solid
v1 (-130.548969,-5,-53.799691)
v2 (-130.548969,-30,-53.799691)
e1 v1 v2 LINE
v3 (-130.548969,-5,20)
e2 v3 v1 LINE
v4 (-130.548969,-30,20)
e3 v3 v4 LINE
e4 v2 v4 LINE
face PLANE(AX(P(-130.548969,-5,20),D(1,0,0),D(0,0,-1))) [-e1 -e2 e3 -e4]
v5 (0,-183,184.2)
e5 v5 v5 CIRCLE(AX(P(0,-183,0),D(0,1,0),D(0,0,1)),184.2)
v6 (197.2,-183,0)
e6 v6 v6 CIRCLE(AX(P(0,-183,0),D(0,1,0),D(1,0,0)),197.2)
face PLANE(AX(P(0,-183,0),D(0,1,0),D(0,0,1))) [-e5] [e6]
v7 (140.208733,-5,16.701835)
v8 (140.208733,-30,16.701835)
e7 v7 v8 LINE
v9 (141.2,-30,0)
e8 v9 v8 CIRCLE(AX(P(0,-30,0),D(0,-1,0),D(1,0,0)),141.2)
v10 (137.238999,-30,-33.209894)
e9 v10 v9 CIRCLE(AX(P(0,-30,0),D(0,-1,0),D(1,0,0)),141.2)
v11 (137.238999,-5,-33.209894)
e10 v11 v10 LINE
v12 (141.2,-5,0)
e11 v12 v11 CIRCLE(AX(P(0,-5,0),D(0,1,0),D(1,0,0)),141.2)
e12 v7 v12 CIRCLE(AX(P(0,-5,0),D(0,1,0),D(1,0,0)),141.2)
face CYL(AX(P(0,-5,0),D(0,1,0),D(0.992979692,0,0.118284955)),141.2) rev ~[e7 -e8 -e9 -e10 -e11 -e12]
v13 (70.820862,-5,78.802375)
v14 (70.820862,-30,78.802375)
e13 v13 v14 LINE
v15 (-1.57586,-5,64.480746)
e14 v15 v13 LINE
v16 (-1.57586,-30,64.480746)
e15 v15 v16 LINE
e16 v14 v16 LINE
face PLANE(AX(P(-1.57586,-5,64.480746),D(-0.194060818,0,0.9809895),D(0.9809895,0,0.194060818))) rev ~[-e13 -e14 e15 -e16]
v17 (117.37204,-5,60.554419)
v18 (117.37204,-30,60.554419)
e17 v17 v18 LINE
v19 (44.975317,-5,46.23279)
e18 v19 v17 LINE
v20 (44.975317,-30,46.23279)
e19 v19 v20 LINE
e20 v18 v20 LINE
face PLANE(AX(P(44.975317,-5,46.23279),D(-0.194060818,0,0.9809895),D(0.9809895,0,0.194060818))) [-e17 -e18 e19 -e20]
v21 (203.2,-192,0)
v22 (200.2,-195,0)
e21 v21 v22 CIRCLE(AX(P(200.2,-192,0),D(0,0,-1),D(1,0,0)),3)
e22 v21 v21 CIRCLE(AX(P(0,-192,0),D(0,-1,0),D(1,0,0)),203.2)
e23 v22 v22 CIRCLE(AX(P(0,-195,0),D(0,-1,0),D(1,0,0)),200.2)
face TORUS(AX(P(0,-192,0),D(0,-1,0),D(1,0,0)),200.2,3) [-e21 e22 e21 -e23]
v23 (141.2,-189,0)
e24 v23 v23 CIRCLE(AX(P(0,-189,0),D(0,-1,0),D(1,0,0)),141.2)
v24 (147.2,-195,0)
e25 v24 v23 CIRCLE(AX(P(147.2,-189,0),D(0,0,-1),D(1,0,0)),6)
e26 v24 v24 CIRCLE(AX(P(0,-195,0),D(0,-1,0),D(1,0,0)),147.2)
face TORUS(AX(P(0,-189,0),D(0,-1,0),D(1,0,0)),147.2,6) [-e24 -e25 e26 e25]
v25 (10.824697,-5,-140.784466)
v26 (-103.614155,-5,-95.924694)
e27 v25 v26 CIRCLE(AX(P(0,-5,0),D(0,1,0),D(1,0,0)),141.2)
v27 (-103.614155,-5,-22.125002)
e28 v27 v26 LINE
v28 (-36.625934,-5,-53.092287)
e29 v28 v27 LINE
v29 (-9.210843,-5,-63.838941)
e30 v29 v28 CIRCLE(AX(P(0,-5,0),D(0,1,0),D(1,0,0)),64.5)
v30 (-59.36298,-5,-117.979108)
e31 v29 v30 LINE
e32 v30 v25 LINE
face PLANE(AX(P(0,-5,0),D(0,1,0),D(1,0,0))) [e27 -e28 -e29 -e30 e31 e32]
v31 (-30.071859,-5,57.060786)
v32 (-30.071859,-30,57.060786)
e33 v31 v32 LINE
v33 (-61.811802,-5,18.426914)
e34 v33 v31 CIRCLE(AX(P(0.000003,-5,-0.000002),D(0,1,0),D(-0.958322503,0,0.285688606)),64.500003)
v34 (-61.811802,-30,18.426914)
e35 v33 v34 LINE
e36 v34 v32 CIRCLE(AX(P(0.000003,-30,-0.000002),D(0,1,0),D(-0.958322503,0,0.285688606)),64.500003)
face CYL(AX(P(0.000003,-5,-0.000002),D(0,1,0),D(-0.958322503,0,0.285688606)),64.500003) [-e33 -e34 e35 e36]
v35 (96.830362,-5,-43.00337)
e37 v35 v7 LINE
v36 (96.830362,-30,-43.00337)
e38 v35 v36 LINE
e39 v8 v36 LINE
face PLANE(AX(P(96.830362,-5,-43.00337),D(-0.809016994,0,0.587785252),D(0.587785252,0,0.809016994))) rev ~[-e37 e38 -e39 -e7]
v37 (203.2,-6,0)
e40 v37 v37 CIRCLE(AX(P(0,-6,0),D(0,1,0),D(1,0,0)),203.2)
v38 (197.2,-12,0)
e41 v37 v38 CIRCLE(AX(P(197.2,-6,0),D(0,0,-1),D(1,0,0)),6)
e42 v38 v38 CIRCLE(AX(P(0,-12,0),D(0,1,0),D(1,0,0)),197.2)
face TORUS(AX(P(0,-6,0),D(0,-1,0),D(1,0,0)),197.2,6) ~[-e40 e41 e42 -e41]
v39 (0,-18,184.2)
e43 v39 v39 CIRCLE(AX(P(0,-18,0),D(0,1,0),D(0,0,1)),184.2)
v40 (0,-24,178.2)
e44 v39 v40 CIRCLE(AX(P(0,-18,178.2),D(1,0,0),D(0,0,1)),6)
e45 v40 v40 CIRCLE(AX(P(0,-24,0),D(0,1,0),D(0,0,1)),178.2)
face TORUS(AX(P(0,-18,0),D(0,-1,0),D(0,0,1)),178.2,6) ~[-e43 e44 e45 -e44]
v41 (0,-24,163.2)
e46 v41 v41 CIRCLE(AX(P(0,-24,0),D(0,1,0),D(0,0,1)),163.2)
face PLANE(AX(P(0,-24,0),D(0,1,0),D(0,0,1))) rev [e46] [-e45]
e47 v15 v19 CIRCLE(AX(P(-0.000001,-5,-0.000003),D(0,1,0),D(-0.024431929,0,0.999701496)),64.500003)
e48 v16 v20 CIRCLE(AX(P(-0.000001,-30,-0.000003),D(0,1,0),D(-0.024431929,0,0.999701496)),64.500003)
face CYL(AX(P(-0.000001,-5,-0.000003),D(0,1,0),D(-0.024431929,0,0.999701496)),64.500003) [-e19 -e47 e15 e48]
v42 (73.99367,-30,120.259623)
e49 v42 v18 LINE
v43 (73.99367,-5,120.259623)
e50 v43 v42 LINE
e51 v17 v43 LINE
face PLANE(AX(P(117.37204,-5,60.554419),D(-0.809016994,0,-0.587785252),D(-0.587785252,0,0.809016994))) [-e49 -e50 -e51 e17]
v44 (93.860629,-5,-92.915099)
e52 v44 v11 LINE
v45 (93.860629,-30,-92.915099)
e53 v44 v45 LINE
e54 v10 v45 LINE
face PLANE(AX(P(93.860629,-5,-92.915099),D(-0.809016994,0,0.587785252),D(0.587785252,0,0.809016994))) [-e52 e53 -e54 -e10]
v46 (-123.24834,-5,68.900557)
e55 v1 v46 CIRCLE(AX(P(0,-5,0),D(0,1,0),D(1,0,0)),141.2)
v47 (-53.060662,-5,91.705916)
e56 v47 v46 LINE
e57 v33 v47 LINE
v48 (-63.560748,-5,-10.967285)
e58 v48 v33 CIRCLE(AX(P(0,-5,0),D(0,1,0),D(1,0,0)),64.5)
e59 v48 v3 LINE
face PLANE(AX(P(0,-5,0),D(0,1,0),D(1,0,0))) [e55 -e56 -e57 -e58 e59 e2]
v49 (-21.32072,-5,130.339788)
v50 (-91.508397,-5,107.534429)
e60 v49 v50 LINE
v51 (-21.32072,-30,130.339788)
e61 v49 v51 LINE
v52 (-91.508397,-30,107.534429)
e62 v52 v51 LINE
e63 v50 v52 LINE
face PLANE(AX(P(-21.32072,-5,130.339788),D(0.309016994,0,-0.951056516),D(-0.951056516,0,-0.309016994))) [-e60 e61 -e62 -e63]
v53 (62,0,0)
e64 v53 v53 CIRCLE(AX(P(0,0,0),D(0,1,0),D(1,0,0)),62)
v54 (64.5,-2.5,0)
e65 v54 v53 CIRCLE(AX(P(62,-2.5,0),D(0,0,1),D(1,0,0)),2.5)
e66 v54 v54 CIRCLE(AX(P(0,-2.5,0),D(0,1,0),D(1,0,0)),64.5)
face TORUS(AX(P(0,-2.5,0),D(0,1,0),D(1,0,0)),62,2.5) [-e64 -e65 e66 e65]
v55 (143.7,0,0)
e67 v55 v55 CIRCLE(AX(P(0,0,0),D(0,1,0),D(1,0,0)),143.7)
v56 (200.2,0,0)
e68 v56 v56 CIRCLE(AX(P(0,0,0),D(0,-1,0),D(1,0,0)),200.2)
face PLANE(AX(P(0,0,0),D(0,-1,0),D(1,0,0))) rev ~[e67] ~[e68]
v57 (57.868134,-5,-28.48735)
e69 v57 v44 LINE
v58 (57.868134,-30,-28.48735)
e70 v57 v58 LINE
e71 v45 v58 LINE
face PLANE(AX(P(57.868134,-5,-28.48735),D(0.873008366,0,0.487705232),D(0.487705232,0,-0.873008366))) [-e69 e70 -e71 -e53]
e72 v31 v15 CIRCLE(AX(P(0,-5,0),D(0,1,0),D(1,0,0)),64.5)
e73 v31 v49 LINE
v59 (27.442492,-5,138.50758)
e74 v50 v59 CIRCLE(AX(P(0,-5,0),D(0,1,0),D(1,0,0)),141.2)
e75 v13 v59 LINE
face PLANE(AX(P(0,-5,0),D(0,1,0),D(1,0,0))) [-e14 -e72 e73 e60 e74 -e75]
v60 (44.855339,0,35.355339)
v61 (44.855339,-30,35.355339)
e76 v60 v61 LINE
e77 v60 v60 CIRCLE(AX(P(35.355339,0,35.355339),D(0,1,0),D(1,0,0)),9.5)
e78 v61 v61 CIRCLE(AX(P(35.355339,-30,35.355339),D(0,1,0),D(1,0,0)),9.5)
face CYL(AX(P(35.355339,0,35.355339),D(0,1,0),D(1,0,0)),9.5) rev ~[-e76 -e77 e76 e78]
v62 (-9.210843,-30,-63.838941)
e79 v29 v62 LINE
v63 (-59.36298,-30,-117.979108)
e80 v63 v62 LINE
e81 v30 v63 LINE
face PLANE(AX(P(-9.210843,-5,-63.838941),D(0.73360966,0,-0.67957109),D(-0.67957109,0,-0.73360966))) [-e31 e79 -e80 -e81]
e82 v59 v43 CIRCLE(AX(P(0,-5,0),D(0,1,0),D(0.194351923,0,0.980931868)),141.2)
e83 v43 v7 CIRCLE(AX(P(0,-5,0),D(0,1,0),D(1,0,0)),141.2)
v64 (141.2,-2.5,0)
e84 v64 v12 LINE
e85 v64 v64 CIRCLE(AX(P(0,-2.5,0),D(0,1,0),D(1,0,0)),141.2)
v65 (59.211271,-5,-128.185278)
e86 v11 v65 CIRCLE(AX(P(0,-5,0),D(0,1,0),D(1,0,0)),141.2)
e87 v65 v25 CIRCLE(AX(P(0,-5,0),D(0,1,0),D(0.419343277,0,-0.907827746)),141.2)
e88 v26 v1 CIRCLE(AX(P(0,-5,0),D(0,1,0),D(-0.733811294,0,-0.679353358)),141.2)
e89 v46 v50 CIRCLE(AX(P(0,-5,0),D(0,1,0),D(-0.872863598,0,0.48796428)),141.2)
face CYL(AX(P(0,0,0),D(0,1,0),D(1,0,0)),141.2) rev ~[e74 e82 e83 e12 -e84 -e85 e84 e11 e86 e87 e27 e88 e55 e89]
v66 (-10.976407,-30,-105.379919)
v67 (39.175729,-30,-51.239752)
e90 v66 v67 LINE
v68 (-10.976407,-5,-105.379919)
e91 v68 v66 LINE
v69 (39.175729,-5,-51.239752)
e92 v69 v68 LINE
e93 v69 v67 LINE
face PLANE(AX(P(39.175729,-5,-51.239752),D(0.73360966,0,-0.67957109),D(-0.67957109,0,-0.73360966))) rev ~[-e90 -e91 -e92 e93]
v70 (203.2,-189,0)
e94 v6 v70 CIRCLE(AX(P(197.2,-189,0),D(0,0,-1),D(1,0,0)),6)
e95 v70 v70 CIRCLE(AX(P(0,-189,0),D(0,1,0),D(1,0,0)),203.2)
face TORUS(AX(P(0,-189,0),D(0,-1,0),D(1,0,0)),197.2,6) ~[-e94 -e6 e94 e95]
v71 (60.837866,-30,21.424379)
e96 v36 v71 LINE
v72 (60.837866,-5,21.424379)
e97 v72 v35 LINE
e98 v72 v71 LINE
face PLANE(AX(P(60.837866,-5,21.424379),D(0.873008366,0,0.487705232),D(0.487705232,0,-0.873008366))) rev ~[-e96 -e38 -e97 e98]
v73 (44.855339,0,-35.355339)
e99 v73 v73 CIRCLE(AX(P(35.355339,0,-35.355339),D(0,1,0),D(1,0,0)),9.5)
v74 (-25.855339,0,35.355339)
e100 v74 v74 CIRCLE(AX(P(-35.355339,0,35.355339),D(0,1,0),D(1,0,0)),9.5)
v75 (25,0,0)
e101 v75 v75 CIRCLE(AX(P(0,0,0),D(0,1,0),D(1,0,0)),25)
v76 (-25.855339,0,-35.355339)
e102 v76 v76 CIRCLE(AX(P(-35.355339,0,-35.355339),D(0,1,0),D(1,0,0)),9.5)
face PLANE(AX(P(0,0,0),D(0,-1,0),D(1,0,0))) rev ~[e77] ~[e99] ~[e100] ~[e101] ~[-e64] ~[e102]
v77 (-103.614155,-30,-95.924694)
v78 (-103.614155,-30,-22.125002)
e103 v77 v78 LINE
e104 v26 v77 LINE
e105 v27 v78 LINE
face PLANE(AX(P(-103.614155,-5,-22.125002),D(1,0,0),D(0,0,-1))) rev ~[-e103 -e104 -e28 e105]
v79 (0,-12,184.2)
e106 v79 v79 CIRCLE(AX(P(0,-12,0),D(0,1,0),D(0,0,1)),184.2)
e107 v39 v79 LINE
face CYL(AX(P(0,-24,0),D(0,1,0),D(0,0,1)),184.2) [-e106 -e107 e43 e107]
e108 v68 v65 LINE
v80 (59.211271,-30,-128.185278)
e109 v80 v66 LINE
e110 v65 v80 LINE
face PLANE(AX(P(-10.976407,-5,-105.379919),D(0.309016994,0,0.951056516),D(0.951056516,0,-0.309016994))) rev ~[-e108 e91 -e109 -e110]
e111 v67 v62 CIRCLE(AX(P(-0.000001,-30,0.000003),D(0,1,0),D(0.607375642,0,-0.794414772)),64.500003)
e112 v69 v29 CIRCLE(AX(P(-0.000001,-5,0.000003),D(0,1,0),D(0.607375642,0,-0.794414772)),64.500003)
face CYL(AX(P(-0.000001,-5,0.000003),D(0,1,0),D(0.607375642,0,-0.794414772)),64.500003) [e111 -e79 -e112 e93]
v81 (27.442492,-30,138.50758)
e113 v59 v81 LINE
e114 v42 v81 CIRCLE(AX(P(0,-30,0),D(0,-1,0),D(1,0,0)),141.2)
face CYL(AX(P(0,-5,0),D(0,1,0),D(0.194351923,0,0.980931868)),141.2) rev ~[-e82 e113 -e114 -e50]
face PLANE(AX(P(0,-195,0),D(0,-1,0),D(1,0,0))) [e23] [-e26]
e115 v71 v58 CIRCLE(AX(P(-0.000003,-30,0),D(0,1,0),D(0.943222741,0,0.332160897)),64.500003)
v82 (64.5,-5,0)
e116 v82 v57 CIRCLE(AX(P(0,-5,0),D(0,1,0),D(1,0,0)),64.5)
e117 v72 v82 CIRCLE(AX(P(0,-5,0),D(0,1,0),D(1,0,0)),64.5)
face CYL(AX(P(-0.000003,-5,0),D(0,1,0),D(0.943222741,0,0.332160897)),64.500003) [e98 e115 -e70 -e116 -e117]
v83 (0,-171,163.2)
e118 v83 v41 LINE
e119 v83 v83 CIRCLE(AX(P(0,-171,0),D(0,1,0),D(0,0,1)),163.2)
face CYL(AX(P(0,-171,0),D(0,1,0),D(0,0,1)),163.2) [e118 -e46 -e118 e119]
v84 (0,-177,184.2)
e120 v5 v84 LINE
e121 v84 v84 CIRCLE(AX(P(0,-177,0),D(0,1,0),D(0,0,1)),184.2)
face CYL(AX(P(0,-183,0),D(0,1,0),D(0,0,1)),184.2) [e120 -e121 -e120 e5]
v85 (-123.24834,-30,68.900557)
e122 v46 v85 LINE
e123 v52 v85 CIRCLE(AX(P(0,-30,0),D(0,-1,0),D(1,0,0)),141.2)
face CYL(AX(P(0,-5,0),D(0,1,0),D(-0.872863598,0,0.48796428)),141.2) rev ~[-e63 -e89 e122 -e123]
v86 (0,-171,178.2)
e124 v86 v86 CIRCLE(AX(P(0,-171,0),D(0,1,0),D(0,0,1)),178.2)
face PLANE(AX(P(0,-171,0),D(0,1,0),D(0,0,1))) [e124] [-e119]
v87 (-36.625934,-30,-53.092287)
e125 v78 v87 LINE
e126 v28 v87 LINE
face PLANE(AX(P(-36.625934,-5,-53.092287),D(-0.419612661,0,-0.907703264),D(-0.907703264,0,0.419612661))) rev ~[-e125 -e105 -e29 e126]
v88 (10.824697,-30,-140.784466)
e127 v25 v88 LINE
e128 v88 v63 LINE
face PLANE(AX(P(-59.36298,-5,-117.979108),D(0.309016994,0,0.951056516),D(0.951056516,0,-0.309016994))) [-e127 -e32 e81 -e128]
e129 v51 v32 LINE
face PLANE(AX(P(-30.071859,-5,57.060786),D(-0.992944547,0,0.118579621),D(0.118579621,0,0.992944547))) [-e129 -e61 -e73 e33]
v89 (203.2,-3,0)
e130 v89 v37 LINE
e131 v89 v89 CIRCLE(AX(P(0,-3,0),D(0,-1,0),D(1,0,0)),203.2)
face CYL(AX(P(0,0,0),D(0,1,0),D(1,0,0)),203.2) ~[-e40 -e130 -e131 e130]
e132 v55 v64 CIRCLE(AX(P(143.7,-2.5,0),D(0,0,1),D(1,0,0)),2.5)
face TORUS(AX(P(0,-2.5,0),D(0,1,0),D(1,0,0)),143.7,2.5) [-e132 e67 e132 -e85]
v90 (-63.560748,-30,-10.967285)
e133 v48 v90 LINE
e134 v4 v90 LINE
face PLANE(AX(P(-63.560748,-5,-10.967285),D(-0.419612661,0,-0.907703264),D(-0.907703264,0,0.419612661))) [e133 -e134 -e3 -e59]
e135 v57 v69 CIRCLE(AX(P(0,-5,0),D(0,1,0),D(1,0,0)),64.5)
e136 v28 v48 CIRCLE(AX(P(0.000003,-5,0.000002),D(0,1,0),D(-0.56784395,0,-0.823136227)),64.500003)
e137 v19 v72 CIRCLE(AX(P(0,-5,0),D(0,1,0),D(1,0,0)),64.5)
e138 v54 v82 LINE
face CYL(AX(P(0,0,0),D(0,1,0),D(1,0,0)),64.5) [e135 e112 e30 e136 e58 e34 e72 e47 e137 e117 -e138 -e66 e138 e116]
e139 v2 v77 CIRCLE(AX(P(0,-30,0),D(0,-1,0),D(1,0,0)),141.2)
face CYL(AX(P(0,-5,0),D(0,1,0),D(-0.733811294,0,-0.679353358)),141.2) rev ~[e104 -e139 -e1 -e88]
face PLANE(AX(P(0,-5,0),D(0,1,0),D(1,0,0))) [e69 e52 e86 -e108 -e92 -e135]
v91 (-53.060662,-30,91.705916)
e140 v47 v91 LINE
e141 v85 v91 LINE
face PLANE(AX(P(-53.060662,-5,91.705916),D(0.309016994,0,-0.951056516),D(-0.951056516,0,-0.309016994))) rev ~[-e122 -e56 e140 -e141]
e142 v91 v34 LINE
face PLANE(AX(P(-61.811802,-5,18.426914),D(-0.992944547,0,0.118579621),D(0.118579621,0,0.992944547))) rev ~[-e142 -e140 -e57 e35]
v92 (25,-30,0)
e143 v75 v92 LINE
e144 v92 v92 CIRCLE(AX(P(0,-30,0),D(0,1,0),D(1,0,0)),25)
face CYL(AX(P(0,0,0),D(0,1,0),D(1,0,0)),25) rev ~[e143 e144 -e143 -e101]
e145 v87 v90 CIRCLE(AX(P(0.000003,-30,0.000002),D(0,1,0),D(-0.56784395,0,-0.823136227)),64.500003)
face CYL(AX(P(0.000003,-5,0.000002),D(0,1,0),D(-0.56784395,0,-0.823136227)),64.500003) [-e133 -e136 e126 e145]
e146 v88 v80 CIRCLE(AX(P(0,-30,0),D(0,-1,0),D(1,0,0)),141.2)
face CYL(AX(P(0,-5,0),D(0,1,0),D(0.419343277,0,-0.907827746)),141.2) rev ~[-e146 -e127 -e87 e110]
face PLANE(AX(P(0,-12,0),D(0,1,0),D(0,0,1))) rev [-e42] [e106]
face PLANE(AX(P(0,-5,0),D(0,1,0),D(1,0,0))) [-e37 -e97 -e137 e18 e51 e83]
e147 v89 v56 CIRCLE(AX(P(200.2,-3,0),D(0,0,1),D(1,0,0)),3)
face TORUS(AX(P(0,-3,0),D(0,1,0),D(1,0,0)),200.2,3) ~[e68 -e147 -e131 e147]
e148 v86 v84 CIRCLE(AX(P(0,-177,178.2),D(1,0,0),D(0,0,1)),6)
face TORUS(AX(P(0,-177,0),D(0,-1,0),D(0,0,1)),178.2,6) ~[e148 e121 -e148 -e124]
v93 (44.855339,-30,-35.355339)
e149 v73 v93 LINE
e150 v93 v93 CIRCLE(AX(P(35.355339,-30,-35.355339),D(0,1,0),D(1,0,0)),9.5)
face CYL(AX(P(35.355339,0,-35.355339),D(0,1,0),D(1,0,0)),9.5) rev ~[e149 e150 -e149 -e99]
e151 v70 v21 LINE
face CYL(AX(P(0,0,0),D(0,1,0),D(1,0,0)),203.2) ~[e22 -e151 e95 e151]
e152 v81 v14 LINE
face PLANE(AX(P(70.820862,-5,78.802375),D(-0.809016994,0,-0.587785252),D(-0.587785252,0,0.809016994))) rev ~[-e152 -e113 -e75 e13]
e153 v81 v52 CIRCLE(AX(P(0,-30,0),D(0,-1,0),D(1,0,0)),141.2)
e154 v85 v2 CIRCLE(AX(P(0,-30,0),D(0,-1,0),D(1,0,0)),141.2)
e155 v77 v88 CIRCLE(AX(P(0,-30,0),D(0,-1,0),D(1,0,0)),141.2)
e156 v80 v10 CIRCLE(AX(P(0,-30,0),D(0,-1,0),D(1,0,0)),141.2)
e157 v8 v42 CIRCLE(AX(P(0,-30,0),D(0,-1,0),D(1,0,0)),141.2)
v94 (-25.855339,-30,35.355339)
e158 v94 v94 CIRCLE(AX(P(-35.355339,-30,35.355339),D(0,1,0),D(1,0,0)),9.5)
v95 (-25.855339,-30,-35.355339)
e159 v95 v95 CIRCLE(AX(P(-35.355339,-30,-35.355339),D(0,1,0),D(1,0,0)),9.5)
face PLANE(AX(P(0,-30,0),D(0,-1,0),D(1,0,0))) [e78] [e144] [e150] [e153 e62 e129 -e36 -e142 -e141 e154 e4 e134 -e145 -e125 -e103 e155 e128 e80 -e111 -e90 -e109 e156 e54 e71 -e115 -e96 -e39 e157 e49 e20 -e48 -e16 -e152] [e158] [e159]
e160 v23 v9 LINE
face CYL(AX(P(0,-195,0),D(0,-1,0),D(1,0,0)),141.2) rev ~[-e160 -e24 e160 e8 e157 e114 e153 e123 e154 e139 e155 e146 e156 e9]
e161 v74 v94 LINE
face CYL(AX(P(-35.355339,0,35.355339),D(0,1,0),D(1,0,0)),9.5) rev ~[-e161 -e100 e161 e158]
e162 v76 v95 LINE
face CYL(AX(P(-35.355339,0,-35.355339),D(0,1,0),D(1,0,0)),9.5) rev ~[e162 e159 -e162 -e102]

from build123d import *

# Parameters (mm, degrees)
SKETCH_R           = 203.2
PAD_DEPTH          = 195
SKETCH002_R        = 141.2
POCKET_DEPTH       = 165
FILLET_R           = 6
FILLET001_R        = 3
SKETCH004_R        = 9.5
POCKET001_DEPTH    = 195.001
SKETCH005_R        = 141.2
SKETCH005_R_2      = 64.5
POCKET002_DEPTH    = 5
FILLET002_R        = 2.5
FILLET003_R        = 2.5
POCKET003_DEPTH    = 1403.832817
POLARPATTERN_COUNT = 5
SKETCH007_R        = 25
POCKET004_DEPTH    = 195.001


with BuildPart() as part:
    # Sketch → Pad (new body)
    with BuildSketch(Plane.XZ):
        Circle(SKETCH_R)
    extrude(amount=PAD_DEPTH)

    # Sketch002 (on Face3 of Pad) → Pocket (cut)
    with BuildSketch(Plane.XZ.offset(195)):
        Circle(SKETCH002_R)
    extrude(amount=-POCKET_DEPTH, mode=Mode.SUBTRACT)

    # Sketch003 → Groove (revolve, cut)
    with BuildSketch(Plane.YZ):
        Polygon((-183, 203.2), (-183, 184.2), (-171, 184.2), (-171, 163.2), (-24, 163.2), (-24, 184.2), (-12, 184.2), (-12, 203.2), align=None)
    revolve(axis=Axis((0, 0, 0), (0, 1, 0)), mode=Mode.SUBTRACT)

    # Fillet
    fillet_edges = [part.edges().sort_by_distance(p)[0] for p in [
        (0, -24, -184.2),
        (143.684098, -12, 143.684098),
        (-143.684098, -12, -143.684098),
        (143.684098, -183, 143.684098),
        (-143.684098, -183, -143.684098),
        (0, -171, -184.2),
        (-141.2, -195, 0),
    ]]
    fillet(fillet_edges, radius=FILLET_R)

    # Fillet001
    fillet001_edges = [part.edges().sort_by_distance(p)[0] for p in [
        (-203.2, -195, 0),
        (-203.2, 0, 0),
    ]]
    fillet(fillet001_edges, radius=FILLET001_R)

    # Sketch004 (on Face5 of Fillet001) → Pocket001 (cut, through all)
    with BuildSketch(Plane(origin=(0, 0, 0), x_dir=(1, 0, 0), z_dir=(0, 1, 0))):
        with Locations((-35.355339, 35.355339)):
            Circle(SKETCH004_R)
        with Locations((35.355339, 35.355339)):
            Circle(SKETCH004_R)
        with Locations((35.355339, -35.355339)):
            Circle(SKETCH004_R)
        with Locations((-35.355339, -35.355339)):
            Circle(SKETCH004_R)
    extrude(amount=-POCKET001_DEPTH, mode=Mode.SUBTRACT)

    # Sketch005 (on Face5 of Pocket001) → Pocket002 (cut)
    with BuildSketch(Plane(origin=(0, 0, 0), x_dir=(1, 0, 0), z_dir=(0, 1, 0))):
        Circle(SKETCH005_R)
        Circle(SKETCH005_R_2, mode=Mode.SUBTRACT)
    extrude(amount=-POCKET002_DEPTH, mode=Mode.SUBTRACT)

    # Fillet002
    fillet002_edges = [part.edges().sort_by_distance(p)[0] for p in [
        (-141.2, 0, 0),
    ]]
    fillet(fillet002_edges, radius=FILLET002_R)

    # Fillet003
    fillet003_edges = [part.edges().sort_by_distance(p)[0] for p in [
        (-64.5, 0, 0),
    ]]
    fillet(fillet003_edges, radius=FILLET003_R)

    # Sketch006 (on Face3 of Fillet003) → Pocket003 (cut, through all)
    with BuildSketch(Plane(origin=(0, -5, 0), x_dir=(1, 0, 0), z_dir=(0, 1, 0))):
        with BuildLine():
            Line((-63.560748, 10.967285), (-130.548969, -20))
            Line((-130.548969, -20), (-130.548969, 53.799691))
            ThreePointArc((-103.614155, 95.924694), (-118.961007, 76.063913), (-130.548969, 53.799691))
            Line((-103.614155, 22.125002), (-103.614155, 95.924694))
            Line((-36.625934, 53.092287), (-103.614155, 22.125002))
            ThreePointArc((-36.625934, 53.092287), (-54.341253, 34.745909), (-63.560748, 10.967285))
        make_face()
    pocket003 = extrude(amount=-POCKET003_DEPTH, mode=Mode.SUBTRACT)

    # PolarPattern: Pocket003 ×5 about axis
    polarpattern_axis = Axis((0, -5, 0), (0, 1, 0))
    for i in range(1, POLARPATTERN_COUNT):
        add(pocket003.rotate(polarpattern_axis, i * 360 / POLARPATTERN_COUNT), mode=Mode.SUBTRACT)

    # Sketch007 (on Face30 of PolarPattern) → Pocket004 (cut, through all)
    with BuildSketch(Plane(origin=(0, 0, 0), x_dir=(1, 0, 0), z_dir=(0, 1, 0))):
        Circle(SKETCH007_R)
    extrude(amount=-POCKET004_DEPTH, mode=Mode.SUBTRACT)


solid = part.part
